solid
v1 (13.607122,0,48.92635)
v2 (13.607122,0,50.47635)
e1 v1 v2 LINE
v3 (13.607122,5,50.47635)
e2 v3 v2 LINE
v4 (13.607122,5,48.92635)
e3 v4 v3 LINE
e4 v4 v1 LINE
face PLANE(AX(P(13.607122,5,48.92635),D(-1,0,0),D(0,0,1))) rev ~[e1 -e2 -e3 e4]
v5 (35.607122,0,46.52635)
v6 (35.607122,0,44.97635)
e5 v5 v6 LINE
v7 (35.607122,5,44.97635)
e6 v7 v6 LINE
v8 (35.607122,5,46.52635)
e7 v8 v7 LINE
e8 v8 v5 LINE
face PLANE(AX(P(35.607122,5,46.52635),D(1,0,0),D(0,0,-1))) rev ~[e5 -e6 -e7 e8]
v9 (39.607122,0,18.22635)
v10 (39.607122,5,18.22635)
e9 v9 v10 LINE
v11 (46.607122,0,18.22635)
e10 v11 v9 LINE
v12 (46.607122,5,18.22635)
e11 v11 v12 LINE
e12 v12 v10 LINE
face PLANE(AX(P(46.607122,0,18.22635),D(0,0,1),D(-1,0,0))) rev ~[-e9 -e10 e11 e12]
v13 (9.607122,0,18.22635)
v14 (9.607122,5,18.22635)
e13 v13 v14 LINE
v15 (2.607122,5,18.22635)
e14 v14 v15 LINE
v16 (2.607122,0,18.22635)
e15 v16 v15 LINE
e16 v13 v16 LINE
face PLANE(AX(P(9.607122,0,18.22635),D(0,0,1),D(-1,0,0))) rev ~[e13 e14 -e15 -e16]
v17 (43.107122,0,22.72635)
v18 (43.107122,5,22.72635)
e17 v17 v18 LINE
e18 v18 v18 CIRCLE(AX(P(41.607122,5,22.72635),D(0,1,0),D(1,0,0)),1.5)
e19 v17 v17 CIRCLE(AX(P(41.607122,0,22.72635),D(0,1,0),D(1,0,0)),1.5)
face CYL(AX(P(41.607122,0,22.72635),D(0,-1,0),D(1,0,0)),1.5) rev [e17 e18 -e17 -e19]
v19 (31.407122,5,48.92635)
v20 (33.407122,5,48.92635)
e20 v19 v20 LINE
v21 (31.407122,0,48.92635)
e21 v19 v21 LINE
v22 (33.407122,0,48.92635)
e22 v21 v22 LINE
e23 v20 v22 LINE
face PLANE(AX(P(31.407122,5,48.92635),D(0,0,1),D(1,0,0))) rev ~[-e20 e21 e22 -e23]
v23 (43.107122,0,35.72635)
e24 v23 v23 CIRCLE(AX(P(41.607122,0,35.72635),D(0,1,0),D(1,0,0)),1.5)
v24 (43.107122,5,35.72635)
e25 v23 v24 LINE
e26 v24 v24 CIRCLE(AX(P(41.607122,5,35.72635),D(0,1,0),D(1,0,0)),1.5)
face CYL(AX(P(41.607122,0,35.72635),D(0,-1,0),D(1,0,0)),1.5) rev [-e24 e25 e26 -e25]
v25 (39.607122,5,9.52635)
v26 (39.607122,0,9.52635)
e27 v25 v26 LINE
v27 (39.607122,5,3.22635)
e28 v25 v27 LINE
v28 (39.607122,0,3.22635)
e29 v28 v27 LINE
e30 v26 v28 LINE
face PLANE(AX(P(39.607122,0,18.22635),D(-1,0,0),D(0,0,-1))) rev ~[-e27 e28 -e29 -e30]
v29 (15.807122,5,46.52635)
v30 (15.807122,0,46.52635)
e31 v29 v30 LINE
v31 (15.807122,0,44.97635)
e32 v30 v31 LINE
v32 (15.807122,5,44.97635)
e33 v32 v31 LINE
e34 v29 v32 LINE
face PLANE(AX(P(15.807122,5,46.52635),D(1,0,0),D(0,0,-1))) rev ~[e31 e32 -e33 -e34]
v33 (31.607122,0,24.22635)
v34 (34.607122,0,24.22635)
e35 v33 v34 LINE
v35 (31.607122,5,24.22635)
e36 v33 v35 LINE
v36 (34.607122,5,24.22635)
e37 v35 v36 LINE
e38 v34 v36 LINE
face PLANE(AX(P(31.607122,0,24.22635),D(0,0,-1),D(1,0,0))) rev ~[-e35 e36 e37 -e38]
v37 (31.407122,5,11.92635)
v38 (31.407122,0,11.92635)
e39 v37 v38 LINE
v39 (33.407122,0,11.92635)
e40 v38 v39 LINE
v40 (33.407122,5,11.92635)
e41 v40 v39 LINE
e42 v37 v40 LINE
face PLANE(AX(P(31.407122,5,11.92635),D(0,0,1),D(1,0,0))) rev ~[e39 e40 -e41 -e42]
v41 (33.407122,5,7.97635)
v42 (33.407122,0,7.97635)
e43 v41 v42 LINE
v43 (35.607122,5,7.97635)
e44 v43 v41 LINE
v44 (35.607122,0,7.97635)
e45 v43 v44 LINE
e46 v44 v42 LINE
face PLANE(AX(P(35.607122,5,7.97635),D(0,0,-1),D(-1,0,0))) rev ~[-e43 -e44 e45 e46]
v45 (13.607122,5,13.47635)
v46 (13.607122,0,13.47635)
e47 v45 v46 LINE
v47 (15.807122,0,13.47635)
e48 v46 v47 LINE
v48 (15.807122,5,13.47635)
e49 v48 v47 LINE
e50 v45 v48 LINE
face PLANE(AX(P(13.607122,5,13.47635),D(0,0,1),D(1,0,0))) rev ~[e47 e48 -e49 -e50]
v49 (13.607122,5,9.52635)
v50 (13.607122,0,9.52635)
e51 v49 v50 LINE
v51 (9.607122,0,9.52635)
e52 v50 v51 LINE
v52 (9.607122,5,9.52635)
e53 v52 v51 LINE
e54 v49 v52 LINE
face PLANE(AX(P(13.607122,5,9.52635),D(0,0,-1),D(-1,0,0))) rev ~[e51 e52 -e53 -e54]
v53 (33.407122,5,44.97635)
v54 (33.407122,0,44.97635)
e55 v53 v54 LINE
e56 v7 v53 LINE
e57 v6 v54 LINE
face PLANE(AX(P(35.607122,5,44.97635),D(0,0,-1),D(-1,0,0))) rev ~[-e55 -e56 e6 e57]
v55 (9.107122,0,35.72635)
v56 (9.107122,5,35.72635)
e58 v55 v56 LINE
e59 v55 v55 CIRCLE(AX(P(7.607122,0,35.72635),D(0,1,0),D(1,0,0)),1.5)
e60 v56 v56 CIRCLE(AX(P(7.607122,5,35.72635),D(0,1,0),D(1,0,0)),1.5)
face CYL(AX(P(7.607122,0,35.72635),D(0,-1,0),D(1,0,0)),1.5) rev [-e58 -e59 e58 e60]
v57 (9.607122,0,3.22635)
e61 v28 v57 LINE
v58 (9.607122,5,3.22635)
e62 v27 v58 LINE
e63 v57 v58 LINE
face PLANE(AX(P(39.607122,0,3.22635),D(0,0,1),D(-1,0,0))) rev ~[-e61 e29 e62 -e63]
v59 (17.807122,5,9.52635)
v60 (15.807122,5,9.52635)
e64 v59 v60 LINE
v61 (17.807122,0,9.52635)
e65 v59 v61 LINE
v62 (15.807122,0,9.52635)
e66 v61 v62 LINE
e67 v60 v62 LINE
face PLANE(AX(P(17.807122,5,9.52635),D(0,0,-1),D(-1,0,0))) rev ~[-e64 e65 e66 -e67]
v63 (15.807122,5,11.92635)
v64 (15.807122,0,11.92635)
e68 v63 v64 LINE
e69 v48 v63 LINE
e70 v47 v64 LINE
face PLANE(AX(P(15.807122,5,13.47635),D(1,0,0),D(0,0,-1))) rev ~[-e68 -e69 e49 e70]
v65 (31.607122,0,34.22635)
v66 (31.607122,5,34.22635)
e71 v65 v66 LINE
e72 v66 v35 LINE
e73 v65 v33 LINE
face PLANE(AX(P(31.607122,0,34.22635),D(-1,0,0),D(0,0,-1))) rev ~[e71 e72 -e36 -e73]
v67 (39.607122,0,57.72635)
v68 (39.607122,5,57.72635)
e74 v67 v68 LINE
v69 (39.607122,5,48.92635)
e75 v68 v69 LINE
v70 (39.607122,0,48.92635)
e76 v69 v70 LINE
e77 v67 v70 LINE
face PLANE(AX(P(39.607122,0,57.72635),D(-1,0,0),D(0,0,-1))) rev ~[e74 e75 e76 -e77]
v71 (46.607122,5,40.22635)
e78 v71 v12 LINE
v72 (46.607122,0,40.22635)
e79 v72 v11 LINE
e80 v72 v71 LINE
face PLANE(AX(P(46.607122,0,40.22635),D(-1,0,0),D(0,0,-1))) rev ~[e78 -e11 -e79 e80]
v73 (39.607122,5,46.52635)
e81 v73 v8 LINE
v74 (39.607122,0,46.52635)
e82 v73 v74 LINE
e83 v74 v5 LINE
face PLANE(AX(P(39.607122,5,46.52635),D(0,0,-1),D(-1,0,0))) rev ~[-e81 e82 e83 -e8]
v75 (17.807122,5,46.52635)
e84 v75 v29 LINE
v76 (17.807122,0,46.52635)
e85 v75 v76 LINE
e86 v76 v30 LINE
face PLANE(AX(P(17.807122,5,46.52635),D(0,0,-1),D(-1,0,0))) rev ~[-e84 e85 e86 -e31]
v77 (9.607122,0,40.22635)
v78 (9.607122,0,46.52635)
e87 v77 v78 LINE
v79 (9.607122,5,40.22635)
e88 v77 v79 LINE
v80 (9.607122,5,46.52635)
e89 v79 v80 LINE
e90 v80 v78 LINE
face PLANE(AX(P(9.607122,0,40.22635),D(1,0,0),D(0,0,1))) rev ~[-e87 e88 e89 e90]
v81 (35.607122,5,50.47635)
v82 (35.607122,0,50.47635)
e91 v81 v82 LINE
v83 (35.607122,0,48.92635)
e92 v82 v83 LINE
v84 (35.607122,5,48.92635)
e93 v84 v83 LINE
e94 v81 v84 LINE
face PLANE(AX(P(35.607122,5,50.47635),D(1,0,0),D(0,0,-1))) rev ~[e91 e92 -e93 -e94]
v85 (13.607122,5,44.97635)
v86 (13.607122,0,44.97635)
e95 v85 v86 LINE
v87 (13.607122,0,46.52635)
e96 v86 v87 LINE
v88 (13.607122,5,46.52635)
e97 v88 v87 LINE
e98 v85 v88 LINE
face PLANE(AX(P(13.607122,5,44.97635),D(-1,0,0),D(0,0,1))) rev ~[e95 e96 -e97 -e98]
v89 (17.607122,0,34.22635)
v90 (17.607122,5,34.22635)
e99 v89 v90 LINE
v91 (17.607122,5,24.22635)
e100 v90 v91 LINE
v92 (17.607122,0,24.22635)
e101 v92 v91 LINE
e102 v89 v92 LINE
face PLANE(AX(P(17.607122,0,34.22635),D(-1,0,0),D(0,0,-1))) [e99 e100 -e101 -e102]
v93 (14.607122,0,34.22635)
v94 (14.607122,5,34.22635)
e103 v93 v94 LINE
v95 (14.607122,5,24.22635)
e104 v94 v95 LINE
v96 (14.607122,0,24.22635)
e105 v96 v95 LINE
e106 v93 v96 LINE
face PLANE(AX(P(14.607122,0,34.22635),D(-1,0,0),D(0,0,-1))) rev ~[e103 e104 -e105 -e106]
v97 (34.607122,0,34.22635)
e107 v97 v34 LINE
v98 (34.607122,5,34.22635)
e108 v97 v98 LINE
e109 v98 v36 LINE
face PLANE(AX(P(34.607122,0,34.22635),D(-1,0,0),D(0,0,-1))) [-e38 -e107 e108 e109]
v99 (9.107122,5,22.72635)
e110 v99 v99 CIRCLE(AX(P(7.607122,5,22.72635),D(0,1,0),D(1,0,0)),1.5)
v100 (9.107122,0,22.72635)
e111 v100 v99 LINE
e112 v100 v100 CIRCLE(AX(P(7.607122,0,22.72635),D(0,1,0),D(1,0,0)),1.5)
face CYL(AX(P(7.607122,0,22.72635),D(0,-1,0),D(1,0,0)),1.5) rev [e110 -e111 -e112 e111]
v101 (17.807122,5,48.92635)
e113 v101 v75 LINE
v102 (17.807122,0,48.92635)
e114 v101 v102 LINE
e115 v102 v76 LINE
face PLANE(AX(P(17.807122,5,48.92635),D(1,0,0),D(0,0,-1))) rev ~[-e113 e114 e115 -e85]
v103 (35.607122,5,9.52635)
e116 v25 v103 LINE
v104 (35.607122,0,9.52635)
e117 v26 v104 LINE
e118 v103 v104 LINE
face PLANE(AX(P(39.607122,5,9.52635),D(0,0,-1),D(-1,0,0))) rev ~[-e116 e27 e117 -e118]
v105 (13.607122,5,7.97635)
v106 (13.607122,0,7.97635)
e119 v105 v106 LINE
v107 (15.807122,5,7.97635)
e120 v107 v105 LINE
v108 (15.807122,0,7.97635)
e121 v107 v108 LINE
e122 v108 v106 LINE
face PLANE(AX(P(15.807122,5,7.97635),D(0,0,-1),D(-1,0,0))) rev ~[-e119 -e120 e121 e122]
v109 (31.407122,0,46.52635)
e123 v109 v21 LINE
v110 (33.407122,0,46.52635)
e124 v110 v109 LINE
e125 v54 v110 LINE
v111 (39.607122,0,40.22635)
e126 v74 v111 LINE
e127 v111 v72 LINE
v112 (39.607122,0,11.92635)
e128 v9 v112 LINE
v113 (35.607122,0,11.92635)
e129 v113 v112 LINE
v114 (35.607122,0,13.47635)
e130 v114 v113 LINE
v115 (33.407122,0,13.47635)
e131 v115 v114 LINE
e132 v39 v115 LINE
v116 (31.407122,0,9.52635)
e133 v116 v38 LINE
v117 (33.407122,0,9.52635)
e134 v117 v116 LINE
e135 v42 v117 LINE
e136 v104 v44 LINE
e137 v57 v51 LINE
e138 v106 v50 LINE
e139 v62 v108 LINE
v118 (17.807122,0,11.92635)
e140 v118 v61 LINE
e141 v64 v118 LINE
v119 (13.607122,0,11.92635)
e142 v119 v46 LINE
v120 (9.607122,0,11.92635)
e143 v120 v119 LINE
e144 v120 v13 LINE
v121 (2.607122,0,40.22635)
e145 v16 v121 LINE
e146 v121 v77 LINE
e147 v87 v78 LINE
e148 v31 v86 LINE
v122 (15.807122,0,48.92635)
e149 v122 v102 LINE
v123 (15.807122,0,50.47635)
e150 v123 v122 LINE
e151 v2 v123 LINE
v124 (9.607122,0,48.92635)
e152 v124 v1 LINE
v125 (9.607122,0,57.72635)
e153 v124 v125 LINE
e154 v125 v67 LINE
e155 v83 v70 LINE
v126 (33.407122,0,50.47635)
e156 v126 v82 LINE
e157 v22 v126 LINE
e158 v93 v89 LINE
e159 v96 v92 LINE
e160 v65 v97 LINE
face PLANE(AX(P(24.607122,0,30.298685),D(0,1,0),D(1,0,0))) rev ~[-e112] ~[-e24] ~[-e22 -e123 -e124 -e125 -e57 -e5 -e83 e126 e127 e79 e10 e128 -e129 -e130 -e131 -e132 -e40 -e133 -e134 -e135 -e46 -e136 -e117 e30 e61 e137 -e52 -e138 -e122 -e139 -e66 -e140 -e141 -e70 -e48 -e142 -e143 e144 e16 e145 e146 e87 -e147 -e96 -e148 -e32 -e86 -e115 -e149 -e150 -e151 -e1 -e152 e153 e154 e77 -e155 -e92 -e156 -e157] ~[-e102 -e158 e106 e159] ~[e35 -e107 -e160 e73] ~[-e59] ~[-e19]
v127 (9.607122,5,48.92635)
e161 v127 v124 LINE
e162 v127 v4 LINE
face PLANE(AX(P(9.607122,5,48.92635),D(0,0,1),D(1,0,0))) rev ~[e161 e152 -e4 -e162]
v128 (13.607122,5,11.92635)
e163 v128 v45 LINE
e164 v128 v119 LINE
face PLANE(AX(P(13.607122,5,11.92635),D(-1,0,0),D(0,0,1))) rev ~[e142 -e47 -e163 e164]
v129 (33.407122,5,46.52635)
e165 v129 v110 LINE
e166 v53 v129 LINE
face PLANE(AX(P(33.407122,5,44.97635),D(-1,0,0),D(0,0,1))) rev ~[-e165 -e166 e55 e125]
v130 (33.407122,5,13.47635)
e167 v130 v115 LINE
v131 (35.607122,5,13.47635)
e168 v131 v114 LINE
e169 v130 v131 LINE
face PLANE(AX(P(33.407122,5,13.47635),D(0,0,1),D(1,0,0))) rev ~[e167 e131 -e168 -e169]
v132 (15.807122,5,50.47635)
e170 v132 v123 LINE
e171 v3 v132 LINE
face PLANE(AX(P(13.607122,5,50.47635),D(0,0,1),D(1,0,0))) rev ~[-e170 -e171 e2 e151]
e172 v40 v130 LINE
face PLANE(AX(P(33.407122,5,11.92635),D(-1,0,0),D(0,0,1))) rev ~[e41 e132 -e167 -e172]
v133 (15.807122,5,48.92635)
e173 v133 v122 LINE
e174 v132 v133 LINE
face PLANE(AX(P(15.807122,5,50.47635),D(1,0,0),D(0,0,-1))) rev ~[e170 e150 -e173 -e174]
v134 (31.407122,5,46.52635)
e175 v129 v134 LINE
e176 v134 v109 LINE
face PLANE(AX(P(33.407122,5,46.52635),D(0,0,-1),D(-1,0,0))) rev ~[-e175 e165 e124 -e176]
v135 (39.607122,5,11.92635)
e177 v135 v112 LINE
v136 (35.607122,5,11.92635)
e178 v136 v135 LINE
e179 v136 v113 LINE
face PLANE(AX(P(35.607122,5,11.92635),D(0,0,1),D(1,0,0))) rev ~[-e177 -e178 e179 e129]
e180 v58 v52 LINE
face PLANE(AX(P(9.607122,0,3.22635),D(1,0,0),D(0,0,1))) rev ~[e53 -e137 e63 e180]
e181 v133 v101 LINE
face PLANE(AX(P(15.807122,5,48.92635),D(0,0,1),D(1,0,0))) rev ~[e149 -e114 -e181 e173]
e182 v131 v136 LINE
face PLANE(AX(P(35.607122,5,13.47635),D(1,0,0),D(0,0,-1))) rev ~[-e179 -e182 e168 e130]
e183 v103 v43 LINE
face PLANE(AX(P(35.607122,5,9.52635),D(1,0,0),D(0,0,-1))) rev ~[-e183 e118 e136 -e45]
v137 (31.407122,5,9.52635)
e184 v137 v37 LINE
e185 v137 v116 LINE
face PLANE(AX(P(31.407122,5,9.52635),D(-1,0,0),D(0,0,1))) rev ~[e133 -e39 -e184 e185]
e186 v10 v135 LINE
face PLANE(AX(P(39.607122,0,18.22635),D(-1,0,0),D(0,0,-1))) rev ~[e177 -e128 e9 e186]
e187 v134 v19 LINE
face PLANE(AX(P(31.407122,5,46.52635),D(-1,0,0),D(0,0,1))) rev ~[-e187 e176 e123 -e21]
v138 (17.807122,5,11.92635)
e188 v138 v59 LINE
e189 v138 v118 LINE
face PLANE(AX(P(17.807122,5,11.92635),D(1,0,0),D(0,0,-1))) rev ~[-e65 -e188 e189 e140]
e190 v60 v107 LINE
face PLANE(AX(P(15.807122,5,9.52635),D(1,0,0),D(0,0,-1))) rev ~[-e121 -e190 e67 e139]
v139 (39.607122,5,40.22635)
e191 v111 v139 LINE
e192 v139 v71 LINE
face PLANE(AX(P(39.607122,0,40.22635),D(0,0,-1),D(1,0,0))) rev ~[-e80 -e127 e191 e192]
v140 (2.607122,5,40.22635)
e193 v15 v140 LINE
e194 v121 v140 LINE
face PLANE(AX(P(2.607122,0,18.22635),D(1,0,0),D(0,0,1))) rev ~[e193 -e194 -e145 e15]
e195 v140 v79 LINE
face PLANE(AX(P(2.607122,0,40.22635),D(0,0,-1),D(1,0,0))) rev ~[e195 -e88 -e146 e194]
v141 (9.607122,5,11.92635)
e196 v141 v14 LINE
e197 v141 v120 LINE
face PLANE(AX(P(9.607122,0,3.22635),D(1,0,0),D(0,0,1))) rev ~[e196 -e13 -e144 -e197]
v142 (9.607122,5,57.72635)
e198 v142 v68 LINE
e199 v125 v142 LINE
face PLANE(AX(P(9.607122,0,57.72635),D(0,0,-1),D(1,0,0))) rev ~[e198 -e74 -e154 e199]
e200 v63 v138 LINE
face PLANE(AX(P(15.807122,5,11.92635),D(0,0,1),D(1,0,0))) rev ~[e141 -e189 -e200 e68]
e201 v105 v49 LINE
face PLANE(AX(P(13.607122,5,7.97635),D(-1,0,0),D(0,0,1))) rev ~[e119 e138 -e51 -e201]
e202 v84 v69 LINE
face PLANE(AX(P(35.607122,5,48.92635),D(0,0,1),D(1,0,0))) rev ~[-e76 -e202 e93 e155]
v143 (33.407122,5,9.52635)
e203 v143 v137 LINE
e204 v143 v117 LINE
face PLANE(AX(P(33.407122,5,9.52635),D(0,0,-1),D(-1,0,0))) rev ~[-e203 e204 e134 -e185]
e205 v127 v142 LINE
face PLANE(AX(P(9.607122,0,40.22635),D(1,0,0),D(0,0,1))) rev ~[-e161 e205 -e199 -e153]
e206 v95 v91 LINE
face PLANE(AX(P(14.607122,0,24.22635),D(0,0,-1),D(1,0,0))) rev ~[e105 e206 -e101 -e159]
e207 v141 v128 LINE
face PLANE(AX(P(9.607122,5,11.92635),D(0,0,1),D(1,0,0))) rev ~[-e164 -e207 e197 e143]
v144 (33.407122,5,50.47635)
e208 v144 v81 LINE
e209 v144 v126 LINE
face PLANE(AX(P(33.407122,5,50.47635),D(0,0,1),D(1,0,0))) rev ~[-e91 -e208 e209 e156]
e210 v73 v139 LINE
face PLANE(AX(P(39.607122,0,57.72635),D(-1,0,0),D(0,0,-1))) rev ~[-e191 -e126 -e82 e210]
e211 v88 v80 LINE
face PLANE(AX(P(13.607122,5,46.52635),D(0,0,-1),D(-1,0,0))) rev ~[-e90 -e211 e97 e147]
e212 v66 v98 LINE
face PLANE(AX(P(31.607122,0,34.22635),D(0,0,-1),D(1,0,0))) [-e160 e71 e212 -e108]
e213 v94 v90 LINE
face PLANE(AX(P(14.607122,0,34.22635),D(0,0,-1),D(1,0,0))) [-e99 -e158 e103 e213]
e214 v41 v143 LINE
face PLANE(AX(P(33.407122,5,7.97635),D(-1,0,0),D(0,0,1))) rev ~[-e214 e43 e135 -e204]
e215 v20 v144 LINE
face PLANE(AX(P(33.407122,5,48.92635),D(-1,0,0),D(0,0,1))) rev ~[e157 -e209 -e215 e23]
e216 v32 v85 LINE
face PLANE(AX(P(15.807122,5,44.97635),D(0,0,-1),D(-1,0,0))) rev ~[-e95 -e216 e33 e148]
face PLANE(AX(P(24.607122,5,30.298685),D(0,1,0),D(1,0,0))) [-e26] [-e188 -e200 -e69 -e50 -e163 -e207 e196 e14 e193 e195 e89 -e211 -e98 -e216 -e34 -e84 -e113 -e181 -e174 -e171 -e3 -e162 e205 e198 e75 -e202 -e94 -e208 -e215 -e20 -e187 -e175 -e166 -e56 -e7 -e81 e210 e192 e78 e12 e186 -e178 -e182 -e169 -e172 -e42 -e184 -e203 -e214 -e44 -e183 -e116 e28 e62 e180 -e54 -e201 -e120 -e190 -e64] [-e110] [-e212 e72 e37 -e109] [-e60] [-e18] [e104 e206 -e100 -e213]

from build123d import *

# Parameters (mm, degrees)
SKETCH2_R           = 1.5
SKETCH2_W           = 3
SKETCH2_H           = 10
BOSS_EXTRUDE2_DEPTH = 5
CUT_EXTRUDE1_DEPTH  = 6


with BuildPart() as part:
    # Sketch2 → Boss-Extrude2 (new body)
    with BuildSketch(Plane(origin=(0, 0, 0), x_dir=(1, 0, 0), z_dir=(0, 1, 0))):
        Polygon((9.607122403, -57.726350335), (39.607122403, -57.726350335), (39.607122403, -40.226350335), (46.607122403, -40.226350335), (46.607122403, -18.226350335), (39.607122403, -18.226350335), (39.607122403, -3.226350335), (9.607122403, -3.226350335), (9.607122403, -18.226350335), (2.607122403, -18.226350335), (2.607122403, -40.226350335), (9.607122403, -40.226350335), align=None)
        with Locations((41.607122403, -22.726350335)):
            Circle(SKETCH2_R, mode=Mode.SUBTRACT)
        with Locations((41.607122403, -35.726350335)):
            Circle(SKETCH2_R, mode=Mode.SUBTRACT)
        with Locations((7.607122403, -35.726350335)):
            Circle(SKETCH2_R, mode=Mode.SUBTRACT)
        with Locations((7.607122403, -22.726350335)):
            Circle(SKETCH2_R, mode=Mode.SUBTRACT)
        with Locations((33.107122403, -29.226350335)):
            Rectangle(SKETCH2_W, SKETCH2_H, mode=Mode.SUBTRACT)
        with Locations((16.107122403, -29.226350335)):
            Rectangle(SKETCH2_W, SKETCH2_H, mode=Mode.SUBTRACT)
    extrude(amount=BOSS_EXTRUDE2_DEPTH)

    # Sketch3 → Cut-Extrude1 (cut, through all)
    with BuildSketch(Plane(origin=(0, 5, 0), x_dir=(-1, 0, 0), z_dir=(0, 1, 0))):
        Polygon((-39.607122403, 46.526350335), (-35.607122403, 46.526350335), (-35.607122403, 44.976350335), (-33.407122403, 44.976350335), (-33.407122403, 46.526350335), (-31.407122403, 46.526350335), (-31.407122403, 48.926350335), (-33.407122403, 48.926350335), (-33.407122403, 50.476350335), (-35.607122403, 50.476350335), (-35.607122403, 48.926350335), (-39.607122403, 48.926350335), align=None)
        Polygon((-39.607122403, 9.526350335), (-35.607122403, 9.526350335), (-35.607122403, 7.976350335), (-33.407122403, 7.976350335), (-33.407122403, 9.526350335), (-31.407122403, 9.526350335), (-31.407122403, 11.926350335), (-33.407122403, 11.926350335), (-33.407122403, 13.476350335), (-35.607122403, 13.476350335), (-35.607122403, 11.926350335), (-39.607122403, 11.926350335), align=None)
        Polygon((-13.607122403, 50.476350335), (-15.807122403, 50.476350335), (-15.807122403, 48.926350335), (-17.807122403, 48.926350335), (-17.807122403, 46.526350335), (-15.807122403, 46.526350335), (-15.807122403, 44.976350335), (-13.607122403, 44.976350335), (-13.607122403, 46.526350335), (-9.607122403, 46.526350335), (-9.607122403, 48.926350335), (-13.607122403, 48.926350335), align=None)
        Polygon((-9.607122403, 11.926350335), (-13.607122403, 11.926350335), (-13.607122403, 13.476350335), (-15.807122403, 13.476350335), (-15.807122403, 11.926350335), (-17.807122403, 11.926350335), (-17.807122403, 9.526350335), (-15.807122403, 9.526350335), (-15.807122403, 7.976350335), (-13.607122403, 7.976350335), (-13.607122403, 9.526350335), (-9.607122403, 9.526350335), align=None)
    extrude(amount=-CUT_EXTRUDE1_DEPTH, mode=Mode.SUBTRACT)


solid = part.part
